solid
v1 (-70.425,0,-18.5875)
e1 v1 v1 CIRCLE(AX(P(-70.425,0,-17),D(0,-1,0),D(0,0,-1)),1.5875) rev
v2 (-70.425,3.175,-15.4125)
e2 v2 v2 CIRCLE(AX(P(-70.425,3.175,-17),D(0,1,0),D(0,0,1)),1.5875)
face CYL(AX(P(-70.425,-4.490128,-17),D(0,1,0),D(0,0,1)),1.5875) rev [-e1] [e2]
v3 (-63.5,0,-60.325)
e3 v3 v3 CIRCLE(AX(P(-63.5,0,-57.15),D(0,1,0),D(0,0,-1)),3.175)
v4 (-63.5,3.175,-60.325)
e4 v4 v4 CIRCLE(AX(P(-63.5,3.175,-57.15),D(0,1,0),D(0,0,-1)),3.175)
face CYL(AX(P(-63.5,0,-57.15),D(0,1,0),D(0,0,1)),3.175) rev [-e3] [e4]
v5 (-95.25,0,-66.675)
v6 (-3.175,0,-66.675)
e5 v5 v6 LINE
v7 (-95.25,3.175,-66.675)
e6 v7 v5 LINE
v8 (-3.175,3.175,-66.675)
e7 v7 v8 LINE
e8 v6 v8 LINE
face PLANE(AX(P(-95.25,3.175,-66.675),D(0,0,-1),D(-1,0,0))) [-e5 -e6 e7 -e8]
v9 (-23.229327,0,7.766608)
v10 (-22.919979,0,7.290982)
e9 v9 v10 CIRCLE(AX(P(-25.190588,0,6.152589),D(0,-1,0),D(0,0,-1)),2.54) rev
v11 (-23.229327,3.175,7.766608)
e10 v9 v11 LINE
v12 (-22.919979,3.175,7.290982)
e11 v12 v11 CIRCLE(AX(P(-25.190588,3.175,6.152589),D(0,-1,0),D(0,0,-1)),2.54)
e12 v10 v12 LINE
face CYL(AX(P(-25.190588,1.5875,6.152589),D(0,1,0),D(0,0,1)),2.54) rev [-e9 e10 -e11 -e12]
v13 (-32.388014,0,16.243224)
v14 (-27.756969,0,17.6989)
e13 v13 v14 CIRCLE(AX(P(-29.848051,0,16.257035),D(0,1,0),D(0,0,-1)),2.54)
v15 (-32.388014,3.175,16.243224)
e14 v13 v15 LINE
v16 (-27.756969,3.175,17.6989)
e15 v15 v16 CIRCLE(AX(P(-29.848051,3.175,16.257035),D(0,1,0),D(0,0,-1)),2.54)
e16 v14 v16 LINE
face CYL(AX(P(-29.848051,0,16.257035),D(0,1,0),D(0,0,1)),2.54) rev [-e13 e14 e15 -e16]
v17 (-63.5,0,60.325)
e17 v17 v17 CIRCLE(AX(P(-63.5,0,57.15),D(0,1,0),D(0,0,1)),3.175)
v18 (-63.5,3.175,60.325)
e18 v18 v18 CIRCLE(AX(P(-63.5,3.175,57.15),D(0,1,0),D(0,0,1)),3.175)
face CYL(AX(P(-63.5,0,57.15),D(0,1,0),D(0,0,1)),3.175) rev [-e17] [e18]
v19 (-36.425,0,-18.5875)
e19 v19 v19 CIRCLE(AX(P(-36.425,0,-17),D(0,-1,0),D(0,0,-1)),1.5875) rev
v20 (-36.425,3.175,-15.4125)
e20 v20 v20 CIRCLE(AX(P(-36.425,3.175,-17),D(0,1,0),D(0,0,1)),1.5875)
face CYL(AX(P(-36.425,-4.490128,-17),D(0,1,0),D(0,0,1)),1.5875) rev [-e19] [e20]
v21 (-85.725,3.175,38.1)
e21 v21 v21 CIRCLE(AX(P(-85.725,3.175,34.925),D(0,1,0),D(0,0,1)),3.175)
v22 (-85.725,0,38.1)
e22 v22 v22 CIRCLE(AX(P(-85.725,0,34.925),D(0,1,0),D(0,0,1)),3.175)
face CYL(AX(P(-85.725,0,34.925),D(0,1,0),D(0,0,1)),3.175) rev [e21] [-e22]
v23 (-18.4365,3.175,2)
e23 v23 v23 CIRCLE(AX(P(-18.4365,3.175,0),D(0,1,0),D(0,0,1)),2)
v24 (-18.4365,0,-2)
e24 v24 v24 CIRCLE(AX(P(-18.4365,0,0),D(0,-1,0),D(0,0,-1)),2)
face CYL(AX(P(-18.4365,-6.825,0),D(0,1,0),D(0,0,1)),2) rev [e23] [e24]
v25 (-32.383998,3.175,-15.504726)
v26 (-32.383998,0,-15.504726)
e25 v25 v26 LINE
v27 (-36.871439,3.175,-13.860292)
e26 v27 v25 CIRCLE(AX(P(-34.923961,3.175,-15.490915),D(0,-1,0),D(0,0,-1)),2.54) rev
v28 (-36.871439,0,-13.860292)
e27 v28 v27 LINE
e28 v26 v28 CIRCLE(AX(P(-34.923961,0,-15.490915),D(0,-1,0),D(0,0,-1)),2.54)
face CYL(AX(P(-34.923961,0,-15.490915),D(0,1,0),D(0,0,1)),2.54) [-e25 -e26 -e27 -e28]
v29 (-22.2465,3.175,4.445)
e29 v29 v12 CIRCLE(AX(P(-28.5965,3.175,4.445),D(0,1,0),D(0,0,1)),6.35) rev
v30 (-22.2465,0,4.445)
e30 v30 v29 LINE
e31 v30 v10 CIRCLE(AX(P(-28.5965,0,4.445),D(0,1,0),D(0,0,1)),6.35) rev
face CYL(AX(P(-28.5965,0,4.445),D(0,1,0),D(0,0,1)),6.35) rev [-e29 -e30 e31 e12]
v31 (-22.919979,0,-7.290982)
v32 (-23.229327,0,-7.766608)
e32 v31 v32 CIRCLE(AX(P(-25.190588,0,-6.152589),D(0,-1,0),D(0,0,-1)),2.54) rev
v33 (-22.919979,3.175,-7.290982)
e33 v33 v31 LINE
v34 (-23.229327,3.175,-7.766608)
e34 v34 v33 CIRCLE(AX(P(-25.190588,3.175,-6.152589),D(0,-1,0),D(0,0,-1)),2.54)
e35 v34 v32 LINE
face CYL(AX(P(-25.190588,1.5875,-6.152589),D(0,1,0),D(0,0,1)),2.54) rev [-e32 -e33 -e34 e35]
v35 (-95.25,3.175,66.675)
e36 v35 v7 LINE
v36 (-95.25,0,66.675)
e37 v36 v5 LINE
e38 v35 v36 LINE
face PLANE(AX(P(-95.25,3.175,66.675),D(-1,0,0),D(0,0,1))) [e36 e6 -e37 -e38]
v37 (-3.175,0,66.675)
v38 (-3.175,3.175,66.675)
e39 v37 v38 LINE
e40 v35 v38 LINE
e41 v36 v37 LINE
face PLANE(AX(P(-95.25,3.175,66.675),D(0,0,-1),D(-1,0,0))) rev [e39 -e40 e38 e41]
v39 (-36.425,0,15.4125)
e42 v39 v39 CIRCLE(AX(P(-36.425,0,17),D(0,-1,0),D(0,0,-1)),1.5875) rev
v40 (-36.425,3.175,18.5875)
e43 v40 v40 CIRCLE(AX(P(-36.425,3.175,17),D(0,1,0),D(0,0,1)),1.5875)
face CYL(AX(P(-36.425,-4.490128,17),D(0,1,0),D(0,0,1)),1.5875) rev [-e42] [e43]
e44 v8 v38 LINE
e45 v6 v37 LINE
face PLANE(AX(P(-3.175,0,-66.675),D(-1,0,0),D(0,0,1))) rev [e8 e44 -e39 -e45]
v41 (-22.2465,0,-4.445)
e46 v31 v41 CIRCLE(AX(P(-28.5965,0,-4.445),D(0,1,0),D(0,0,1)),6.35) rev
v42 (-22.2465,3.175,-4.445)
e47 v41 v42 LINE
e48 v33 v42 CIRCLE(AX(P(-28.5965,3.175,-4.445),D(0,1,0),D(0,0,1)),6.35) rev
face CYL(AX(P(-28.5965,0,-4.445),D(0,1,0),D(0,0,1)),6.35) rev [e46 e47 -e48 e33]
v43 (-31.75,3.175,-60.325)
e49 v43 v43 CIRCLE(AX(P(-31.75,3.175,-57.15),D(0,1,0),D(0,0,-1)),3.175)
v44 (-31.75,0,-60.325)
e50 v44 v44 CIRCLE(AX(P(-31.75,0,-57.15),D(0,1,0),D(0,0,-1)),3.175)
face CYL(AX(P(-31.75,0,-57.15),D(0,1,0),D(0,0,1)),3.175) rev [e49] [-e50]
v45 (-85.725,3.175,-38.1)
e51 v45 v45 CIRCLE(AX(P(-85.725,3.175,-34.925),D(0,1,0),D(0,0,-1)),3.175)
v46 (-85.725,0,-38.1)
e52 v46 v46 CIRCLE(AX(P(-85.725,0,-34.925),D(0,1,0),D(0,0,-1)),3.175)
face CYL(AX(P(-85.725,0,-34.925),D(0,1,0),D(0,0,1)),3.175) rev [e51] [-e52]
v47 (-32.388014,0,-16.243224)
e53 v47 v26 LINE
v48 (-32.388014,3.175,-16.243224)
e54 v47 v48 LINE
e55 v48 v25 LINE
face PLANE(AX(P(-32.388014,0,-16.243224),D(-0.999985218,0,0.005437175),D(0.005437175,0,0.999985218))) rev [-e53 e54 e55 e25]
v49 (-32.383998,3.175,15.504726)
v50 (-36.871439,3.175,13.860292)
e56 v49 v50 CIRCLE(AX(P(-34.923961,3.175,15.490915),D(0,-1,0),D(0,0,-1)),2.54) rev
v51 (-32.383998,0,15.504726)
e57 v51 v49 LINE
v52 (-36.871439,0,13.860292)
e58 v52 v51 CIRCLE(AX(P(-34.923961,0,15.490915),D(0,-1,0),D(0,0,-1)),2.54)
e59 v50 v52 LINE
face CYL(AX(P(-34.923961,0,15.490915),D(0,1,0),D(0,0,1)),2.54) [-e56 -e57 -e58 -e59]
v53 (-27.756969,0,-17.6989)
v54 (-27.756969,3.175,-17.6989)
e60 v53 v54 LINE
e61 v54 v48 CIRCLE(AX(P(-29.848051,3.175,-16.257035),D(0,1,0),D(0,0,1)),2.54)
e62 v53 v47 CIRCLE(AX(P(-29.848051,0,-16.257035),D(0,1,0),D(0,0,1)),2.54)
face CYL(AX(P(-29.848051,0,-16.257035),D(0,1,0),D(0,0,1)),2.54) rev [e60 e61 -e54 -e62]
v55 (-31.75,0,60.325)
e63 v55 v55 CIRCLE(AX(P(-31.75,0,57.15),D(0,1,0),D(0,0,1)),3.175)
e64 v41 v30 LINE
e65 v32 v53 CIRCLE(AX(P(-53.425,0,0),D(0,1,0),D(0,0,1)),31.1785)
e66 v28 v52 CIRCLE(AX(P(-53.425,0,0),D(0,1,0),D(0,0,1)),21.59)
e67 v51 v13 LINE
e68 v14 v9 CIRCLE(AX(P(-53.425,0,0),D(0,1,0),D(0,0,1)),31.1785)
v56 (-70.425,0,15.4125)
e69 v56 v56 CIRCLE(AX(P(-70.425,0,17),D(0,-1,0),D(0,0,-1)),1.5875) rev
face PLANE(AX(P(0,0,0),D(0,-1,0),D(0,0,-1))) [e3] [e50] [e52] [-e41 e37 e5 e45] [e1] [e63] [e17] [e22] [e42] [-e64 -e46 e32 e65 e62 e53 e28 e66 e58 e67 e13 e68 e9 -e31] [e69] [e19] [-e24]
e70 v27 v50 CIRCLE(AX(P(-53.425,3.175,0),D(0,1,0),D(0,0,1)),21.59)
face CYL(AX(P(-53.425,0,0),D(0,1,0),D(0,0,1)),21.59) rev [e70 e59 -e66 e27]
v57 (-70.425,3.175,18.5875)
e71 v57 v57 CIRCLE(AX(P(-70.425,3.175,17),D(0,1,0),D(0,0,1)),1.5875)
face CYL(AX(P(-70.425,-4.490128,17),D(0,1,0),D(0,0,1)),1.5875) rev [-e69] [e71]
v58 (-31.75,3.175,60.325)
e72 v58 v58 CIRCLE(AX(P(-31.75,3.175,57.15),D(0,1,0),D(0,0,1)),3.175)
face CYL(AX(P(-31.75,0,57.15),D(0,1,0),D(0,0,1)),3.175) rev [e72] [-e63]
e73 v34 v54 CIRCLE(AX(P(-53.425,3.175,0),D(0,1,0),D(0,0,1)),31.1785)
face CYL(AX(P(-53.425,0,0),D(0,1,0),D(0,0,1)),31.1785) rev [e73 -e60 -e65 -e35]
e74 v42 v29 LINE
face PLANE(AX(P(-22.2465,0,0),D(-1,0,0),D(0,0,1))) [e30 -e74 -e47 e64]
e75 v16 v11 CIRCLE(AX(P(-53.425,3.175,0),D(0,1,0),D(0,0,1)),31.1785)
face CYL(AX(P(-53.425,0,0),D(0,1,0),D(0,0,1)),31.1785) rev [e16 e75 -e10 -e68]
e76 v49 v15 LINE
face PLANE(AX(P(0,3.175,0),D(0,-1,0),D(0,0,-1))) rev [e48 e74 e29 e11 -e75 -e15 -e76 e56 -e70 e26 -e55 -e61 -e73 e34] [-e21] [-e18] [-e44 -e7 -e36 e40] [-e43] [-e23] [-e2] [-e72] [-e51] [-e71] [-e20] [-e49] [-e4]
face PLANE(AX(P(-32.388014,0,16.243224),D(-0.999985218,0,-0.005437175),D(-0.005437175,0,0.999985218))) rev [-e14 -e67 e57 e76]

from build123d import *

# Parameters (mm, degrees)
SKETCH1_W           = 190.5
SKETCH1_H           = 133.35
BOSS_EXTRUDE1_DEPTH = 3.175
SKETCH3_R           = 21.59
CUT_EXTRUDE2_DEPTH  = 117.310785183
SKETCH4_R           = 1.5875
CUT_EXTRUDE3_DEPTH  = 3.175
SKETCH9_R           = 2
CUT_EXTRUDE5_DEPTH  = 10
SKETCH12_W          = 98.425
SKETCH12_H          = 133.35
CUT_EXTRUDE6_DEPTH  = 117.310785183
SKETCH13_R          = 3.175
CUT_EXTRUDE7_DEPTH  = 117.310785183
CUT_EXTRUDE8_DEPTH  = 117.310785183
BOSS_EXTRUDE2_DEPTH = 3.175
FILLET1_R           = 2.54
CUT_EXTRUDE9_DEPTH  = 117.310785325
FILLET2_R           = 2.54


with BuildPart() as part:
    # Sketch1 → Boss-Extrude1 (new body)
    with BuildSketch(Plane(origin=(0, 0, 0), x_dir=(1, 0, 0), z_dir=(0, 1, 0))):
        Rectangle(SKETCH1_W, SKETCH1_H)
    extrude(amount=BOSS_EXTRUDE1_DEPTH)

    # Sketch3 → Cut-Extrude2 (cut, through all)
    with BuildSketch(Plane(origin=(0, 3.175, 0), x_dir=(1, 0, 0), z_dir=(0, 1, 0))):
        with Locations(Location((-53.425, 0, 0), (0, 0, 270))):
            Circle(SKETCH3_R)
    extrude(amount=-CUT_EXTRUDE2_DEPTH, mode=Mode.SUBTRACT)

    # Sketch4 → Cut-Extrude3 (cut)
    with BuildSketch(Plane(origin=(0, 3.175, 0), x_dir=(1, 0, 0), z_dir=(0, 1, 0))):
        with Locations(Location((-70.425, 17, 0), (0, 0, 270))):
            Circle(SKETCH4_R)
        with Locations(Location((-36.425, 17, 0), (0, 0, 270))):
            Circle(SKETCH4_R)
        with Locations(Location((-70.425, -17, 0), (0, 0, 270))):
            Circle(SKETCH4_R)
        with Locations(Location((-36.425, -17, 0), (0, 0, 270))):
            Circle(SKETCH4_R)
    extrude(amount=-CUT_EXTRUDE3_DEPTH, mode=Mode.SUBTRACT)

    # Sketch9 → Cut-Extrude5 (cut)
    with BuildSketch(Plane(origin=(0, 3.175, 0), x_dir=(1, 0, 0), z_dir=(0, 1, 0))):
        with Locations(Location((-18.4365, 0, 0), (0, 0, 270))):
            Circle(SKETCH9_R)
    extrude(amount=-CUT_EXTRUDE5_DEPTH, mode=Mode.SUBTRACT)

    # Sketch12 → Cut-Extrude6 (cut, through all)
    with BuildSketch(Plane(origin=(0, 3.175, 0), x_dir=(1, 0, 0), z_dir=(0, 1, 0))):
        with Locations((46.0375, 0)):
            Rectangle(SKETCH12_W, SKETCH12_H)
    extrude(amount=-CUT_EXTRUDE6_DEPTH, mode=Mode.SUBTRACT)

    # Sketch13 → Cut-Extrude7 (cut, through all)
    with BuildSketch(Plane(origin=(0, 3.175, 0), x_dir=(1, 0, 0), z_dir=(0, 1, 0))):
        with Locations(Location((-63.5, -57.15, 0), (0, 0, 270))):
            Circle(SKETCH13_R)
        with Locations(Location((-31.75, -57.15, 0), (0, 0, 270))):
            Circle(SKETCH13_R)
        with Locations(Location((-85.725, -34.925, 0), (0, 0, 270))):
            Circle(SKETCH13_R)
        with Locations(Location((-85.725, 34.925, 0), (0, 0, 90))):
            Circle(SKETCH13_R)
        with Locations(Location((-31.75, 57.15, 0), (0, 0, 90))):
            Circle(SKETCH13_R)
        with Locations(Location((-63.5, 57.15, 0), (0, 0, 90))):
            Circle(SKETCH13_R)
    extrude(amount=-CUT_EXTRUDE7_DEPTH, mode=Mode.SUBTRACT)

    # Sketch14 → Cut-Extrude8 (cut, through all)
    with BuildSketch(Plane(origin=(0, 3.175, 0), x_dir=(1, 0, 0), z_dir=(0, 1, 0))):
        with BuildLine():
            Line((-28.5965, 10.795), (-34.727511532, 10.795))
            ThreePointArc((-34.727511532, 10.795), (-32.57066141, 5.587903184), (-31.835, 0))
            ThreePointArc((-31.835, 0), (-32.57066141, -5.587903184), (-34.727511532, -10.795))
            Line((-34.727511532, -10.795), (-28.5965, -10.795))
            ThreePointArc((-28.5965, -10.795), (-24.106371939, -8.935128061), (-22.2465, -4.445))
            Line((-22.2465, -4.445), (-22.2465, 4.445))
            ThreePointArc((-22.2465, 4.445), (-24.106371939, 8.935128061), (-28.5965, 10.795))
        make_face()
    extrude(amount=-CUT_EXTRUDE8_DEPTH, mode=Mode.SUBTRACT)

    # Sketch17 → Boss-Extrude2 (add)
    with BuildSketch(Plane(origin=(0, 3.175, 0), x_dir=(1, 0, 0), z_dir=(0, 1, 0))):
        with BuildLine():
            Line((-27.617916938, -2.569394862), (-29.842146395, -2.569394862))
            ThreePointArc((-29.842146395, -2.569394862), (-31.436748095, -3.132314839), (-32.324552038, -4.571563824))
            ThreePointArc((-32.324552038, -4.571563824), (-33.284202462, -7.776655742), (-34.727511532, -10.795))
            Line((-34.727511532, -10.795), (-28.5965, -10.795))
            ThreePointArc((-28.5965, -10.795), (-26.282004071, -10.358172465), (-24.285944537, -9.107790109))
            add(Edge.make_bspline(
                [(-24.285944537, -9.107790109), (-25.296427545, -8.702059101), (-27.426842977, -8.424005167), (-31.492325334, -5.200003891), (-29.562733021, -3.217728636), (-27.592836679, -2.82089378)],
                knots=[0.242965458, 0.242965458, 0.242965458, 0.242965458, 0.418906137, 0.719122828, 0.942603955, 0.942603955, 0.942603955, 0.942603955], degree=3))
            ThreePointArc((-27.592836679, -2.82089378), (-27.491543755, -2.683792533), (-27.617916938, -2.569394862))
        make_face()
        with BuildLine():
            Line((-34.727511532, 10.795), (-28.5965, 10.795))
            ThreePointArc((-28.5965, 10.795), (-26.282004071, 10.358172465), (-24.285944537, 9.107790109))
            add(Edge.make_bspline(
                [(-24.285944537, 9.107790109), (-25.296427545, 8.702059101), (-27.426842977, 8.424005167), (-31.492325334, 5.200003891), (-29.562733021, 3.217728636), (-27.592836679, 2.82089378)],
                knots=[0.242965458, 0.242965458, 0.242965458, 0.242965458, 0.418906137, 0.719122828, 0.942603955, 0.942603955, 0.942603955, 0.942603955], degree=3))
            ThreePointArc((-27.592836679, 2.82089378), (-27.491543755, 2.683792533), (-27.617916938, 2.569394862))
            Line((-27.617916938, 2.569394862), (-29.842146395, 2.569394862))
            ThreePointArc((-29.842146395, 2.569394862), (-31.436748095, 3.132314839), (-32.324552038, 4.571563824))
            ThreePointArc((-32.324552038, 4.571563824), (-33.284202462, 7.776655742), (-34.727511532, 10.795))
        make_face()
    extrude(amount=-BOSS_EXTRUDE2_DEPTH)

    # Fillet1
    fillet1_edges = [part.edges().sort_by_distance(p)[0] for p in [
        (-24.285944537, 1.5875, 9.107790109),
        (-24.285944537, 1.5875, -9.107790109),
    ]]
    fillet(fillet1_edges, radius=FILLET1_R)

    # Sketch20 → Cut-Extrude9 (cut, through all)
    with BuildSketch(Plane(origin=(0, 3.175, 0), x_dir=(1, 0, 0), z_dir=(0, 1, 0))):
        with BuildLine():
            Line((-32.388013842, -16.243224247), (-32.324552038, -4.571563824))
            ThreePointArc((-32.324552038, -4.571563824), (-31.835, 0), (-32.324552038, 4.571563824))
            Line((-32.324552038, 4.571563824), (-32.388013842, 16.243224247))
            ThreePointArc((-32.388013842, 16.243224247), (-30.609708534, 18.68014804), (-27.75696947, 17.698900276))
            ThreePointArc((-27.75696947, 17.698900276), (-22.2465, 0), (-27.75696947, -17.698900276))
            ThreePointArc((-27.75696947, -17.698900276), (-30.609708534, -18.68014804), (-32.388013842, -16.243224247))
        make_face()
    extrude(amount=-CUT_EXTRUDE9_DEPTH, mode=Mode.SUBTRACT)

    # Fillet2
    fillet2_edges = [part.edges().sort_by_distance(p)[0] for p in [
        (-32.324552038, 1.5875, 4.571563824),
        (-32.324552038, 1.5875, -4.571563824),
    ]]
    fillet(fillet2_edges, radius=FILLET2_R)


solid = part.part
